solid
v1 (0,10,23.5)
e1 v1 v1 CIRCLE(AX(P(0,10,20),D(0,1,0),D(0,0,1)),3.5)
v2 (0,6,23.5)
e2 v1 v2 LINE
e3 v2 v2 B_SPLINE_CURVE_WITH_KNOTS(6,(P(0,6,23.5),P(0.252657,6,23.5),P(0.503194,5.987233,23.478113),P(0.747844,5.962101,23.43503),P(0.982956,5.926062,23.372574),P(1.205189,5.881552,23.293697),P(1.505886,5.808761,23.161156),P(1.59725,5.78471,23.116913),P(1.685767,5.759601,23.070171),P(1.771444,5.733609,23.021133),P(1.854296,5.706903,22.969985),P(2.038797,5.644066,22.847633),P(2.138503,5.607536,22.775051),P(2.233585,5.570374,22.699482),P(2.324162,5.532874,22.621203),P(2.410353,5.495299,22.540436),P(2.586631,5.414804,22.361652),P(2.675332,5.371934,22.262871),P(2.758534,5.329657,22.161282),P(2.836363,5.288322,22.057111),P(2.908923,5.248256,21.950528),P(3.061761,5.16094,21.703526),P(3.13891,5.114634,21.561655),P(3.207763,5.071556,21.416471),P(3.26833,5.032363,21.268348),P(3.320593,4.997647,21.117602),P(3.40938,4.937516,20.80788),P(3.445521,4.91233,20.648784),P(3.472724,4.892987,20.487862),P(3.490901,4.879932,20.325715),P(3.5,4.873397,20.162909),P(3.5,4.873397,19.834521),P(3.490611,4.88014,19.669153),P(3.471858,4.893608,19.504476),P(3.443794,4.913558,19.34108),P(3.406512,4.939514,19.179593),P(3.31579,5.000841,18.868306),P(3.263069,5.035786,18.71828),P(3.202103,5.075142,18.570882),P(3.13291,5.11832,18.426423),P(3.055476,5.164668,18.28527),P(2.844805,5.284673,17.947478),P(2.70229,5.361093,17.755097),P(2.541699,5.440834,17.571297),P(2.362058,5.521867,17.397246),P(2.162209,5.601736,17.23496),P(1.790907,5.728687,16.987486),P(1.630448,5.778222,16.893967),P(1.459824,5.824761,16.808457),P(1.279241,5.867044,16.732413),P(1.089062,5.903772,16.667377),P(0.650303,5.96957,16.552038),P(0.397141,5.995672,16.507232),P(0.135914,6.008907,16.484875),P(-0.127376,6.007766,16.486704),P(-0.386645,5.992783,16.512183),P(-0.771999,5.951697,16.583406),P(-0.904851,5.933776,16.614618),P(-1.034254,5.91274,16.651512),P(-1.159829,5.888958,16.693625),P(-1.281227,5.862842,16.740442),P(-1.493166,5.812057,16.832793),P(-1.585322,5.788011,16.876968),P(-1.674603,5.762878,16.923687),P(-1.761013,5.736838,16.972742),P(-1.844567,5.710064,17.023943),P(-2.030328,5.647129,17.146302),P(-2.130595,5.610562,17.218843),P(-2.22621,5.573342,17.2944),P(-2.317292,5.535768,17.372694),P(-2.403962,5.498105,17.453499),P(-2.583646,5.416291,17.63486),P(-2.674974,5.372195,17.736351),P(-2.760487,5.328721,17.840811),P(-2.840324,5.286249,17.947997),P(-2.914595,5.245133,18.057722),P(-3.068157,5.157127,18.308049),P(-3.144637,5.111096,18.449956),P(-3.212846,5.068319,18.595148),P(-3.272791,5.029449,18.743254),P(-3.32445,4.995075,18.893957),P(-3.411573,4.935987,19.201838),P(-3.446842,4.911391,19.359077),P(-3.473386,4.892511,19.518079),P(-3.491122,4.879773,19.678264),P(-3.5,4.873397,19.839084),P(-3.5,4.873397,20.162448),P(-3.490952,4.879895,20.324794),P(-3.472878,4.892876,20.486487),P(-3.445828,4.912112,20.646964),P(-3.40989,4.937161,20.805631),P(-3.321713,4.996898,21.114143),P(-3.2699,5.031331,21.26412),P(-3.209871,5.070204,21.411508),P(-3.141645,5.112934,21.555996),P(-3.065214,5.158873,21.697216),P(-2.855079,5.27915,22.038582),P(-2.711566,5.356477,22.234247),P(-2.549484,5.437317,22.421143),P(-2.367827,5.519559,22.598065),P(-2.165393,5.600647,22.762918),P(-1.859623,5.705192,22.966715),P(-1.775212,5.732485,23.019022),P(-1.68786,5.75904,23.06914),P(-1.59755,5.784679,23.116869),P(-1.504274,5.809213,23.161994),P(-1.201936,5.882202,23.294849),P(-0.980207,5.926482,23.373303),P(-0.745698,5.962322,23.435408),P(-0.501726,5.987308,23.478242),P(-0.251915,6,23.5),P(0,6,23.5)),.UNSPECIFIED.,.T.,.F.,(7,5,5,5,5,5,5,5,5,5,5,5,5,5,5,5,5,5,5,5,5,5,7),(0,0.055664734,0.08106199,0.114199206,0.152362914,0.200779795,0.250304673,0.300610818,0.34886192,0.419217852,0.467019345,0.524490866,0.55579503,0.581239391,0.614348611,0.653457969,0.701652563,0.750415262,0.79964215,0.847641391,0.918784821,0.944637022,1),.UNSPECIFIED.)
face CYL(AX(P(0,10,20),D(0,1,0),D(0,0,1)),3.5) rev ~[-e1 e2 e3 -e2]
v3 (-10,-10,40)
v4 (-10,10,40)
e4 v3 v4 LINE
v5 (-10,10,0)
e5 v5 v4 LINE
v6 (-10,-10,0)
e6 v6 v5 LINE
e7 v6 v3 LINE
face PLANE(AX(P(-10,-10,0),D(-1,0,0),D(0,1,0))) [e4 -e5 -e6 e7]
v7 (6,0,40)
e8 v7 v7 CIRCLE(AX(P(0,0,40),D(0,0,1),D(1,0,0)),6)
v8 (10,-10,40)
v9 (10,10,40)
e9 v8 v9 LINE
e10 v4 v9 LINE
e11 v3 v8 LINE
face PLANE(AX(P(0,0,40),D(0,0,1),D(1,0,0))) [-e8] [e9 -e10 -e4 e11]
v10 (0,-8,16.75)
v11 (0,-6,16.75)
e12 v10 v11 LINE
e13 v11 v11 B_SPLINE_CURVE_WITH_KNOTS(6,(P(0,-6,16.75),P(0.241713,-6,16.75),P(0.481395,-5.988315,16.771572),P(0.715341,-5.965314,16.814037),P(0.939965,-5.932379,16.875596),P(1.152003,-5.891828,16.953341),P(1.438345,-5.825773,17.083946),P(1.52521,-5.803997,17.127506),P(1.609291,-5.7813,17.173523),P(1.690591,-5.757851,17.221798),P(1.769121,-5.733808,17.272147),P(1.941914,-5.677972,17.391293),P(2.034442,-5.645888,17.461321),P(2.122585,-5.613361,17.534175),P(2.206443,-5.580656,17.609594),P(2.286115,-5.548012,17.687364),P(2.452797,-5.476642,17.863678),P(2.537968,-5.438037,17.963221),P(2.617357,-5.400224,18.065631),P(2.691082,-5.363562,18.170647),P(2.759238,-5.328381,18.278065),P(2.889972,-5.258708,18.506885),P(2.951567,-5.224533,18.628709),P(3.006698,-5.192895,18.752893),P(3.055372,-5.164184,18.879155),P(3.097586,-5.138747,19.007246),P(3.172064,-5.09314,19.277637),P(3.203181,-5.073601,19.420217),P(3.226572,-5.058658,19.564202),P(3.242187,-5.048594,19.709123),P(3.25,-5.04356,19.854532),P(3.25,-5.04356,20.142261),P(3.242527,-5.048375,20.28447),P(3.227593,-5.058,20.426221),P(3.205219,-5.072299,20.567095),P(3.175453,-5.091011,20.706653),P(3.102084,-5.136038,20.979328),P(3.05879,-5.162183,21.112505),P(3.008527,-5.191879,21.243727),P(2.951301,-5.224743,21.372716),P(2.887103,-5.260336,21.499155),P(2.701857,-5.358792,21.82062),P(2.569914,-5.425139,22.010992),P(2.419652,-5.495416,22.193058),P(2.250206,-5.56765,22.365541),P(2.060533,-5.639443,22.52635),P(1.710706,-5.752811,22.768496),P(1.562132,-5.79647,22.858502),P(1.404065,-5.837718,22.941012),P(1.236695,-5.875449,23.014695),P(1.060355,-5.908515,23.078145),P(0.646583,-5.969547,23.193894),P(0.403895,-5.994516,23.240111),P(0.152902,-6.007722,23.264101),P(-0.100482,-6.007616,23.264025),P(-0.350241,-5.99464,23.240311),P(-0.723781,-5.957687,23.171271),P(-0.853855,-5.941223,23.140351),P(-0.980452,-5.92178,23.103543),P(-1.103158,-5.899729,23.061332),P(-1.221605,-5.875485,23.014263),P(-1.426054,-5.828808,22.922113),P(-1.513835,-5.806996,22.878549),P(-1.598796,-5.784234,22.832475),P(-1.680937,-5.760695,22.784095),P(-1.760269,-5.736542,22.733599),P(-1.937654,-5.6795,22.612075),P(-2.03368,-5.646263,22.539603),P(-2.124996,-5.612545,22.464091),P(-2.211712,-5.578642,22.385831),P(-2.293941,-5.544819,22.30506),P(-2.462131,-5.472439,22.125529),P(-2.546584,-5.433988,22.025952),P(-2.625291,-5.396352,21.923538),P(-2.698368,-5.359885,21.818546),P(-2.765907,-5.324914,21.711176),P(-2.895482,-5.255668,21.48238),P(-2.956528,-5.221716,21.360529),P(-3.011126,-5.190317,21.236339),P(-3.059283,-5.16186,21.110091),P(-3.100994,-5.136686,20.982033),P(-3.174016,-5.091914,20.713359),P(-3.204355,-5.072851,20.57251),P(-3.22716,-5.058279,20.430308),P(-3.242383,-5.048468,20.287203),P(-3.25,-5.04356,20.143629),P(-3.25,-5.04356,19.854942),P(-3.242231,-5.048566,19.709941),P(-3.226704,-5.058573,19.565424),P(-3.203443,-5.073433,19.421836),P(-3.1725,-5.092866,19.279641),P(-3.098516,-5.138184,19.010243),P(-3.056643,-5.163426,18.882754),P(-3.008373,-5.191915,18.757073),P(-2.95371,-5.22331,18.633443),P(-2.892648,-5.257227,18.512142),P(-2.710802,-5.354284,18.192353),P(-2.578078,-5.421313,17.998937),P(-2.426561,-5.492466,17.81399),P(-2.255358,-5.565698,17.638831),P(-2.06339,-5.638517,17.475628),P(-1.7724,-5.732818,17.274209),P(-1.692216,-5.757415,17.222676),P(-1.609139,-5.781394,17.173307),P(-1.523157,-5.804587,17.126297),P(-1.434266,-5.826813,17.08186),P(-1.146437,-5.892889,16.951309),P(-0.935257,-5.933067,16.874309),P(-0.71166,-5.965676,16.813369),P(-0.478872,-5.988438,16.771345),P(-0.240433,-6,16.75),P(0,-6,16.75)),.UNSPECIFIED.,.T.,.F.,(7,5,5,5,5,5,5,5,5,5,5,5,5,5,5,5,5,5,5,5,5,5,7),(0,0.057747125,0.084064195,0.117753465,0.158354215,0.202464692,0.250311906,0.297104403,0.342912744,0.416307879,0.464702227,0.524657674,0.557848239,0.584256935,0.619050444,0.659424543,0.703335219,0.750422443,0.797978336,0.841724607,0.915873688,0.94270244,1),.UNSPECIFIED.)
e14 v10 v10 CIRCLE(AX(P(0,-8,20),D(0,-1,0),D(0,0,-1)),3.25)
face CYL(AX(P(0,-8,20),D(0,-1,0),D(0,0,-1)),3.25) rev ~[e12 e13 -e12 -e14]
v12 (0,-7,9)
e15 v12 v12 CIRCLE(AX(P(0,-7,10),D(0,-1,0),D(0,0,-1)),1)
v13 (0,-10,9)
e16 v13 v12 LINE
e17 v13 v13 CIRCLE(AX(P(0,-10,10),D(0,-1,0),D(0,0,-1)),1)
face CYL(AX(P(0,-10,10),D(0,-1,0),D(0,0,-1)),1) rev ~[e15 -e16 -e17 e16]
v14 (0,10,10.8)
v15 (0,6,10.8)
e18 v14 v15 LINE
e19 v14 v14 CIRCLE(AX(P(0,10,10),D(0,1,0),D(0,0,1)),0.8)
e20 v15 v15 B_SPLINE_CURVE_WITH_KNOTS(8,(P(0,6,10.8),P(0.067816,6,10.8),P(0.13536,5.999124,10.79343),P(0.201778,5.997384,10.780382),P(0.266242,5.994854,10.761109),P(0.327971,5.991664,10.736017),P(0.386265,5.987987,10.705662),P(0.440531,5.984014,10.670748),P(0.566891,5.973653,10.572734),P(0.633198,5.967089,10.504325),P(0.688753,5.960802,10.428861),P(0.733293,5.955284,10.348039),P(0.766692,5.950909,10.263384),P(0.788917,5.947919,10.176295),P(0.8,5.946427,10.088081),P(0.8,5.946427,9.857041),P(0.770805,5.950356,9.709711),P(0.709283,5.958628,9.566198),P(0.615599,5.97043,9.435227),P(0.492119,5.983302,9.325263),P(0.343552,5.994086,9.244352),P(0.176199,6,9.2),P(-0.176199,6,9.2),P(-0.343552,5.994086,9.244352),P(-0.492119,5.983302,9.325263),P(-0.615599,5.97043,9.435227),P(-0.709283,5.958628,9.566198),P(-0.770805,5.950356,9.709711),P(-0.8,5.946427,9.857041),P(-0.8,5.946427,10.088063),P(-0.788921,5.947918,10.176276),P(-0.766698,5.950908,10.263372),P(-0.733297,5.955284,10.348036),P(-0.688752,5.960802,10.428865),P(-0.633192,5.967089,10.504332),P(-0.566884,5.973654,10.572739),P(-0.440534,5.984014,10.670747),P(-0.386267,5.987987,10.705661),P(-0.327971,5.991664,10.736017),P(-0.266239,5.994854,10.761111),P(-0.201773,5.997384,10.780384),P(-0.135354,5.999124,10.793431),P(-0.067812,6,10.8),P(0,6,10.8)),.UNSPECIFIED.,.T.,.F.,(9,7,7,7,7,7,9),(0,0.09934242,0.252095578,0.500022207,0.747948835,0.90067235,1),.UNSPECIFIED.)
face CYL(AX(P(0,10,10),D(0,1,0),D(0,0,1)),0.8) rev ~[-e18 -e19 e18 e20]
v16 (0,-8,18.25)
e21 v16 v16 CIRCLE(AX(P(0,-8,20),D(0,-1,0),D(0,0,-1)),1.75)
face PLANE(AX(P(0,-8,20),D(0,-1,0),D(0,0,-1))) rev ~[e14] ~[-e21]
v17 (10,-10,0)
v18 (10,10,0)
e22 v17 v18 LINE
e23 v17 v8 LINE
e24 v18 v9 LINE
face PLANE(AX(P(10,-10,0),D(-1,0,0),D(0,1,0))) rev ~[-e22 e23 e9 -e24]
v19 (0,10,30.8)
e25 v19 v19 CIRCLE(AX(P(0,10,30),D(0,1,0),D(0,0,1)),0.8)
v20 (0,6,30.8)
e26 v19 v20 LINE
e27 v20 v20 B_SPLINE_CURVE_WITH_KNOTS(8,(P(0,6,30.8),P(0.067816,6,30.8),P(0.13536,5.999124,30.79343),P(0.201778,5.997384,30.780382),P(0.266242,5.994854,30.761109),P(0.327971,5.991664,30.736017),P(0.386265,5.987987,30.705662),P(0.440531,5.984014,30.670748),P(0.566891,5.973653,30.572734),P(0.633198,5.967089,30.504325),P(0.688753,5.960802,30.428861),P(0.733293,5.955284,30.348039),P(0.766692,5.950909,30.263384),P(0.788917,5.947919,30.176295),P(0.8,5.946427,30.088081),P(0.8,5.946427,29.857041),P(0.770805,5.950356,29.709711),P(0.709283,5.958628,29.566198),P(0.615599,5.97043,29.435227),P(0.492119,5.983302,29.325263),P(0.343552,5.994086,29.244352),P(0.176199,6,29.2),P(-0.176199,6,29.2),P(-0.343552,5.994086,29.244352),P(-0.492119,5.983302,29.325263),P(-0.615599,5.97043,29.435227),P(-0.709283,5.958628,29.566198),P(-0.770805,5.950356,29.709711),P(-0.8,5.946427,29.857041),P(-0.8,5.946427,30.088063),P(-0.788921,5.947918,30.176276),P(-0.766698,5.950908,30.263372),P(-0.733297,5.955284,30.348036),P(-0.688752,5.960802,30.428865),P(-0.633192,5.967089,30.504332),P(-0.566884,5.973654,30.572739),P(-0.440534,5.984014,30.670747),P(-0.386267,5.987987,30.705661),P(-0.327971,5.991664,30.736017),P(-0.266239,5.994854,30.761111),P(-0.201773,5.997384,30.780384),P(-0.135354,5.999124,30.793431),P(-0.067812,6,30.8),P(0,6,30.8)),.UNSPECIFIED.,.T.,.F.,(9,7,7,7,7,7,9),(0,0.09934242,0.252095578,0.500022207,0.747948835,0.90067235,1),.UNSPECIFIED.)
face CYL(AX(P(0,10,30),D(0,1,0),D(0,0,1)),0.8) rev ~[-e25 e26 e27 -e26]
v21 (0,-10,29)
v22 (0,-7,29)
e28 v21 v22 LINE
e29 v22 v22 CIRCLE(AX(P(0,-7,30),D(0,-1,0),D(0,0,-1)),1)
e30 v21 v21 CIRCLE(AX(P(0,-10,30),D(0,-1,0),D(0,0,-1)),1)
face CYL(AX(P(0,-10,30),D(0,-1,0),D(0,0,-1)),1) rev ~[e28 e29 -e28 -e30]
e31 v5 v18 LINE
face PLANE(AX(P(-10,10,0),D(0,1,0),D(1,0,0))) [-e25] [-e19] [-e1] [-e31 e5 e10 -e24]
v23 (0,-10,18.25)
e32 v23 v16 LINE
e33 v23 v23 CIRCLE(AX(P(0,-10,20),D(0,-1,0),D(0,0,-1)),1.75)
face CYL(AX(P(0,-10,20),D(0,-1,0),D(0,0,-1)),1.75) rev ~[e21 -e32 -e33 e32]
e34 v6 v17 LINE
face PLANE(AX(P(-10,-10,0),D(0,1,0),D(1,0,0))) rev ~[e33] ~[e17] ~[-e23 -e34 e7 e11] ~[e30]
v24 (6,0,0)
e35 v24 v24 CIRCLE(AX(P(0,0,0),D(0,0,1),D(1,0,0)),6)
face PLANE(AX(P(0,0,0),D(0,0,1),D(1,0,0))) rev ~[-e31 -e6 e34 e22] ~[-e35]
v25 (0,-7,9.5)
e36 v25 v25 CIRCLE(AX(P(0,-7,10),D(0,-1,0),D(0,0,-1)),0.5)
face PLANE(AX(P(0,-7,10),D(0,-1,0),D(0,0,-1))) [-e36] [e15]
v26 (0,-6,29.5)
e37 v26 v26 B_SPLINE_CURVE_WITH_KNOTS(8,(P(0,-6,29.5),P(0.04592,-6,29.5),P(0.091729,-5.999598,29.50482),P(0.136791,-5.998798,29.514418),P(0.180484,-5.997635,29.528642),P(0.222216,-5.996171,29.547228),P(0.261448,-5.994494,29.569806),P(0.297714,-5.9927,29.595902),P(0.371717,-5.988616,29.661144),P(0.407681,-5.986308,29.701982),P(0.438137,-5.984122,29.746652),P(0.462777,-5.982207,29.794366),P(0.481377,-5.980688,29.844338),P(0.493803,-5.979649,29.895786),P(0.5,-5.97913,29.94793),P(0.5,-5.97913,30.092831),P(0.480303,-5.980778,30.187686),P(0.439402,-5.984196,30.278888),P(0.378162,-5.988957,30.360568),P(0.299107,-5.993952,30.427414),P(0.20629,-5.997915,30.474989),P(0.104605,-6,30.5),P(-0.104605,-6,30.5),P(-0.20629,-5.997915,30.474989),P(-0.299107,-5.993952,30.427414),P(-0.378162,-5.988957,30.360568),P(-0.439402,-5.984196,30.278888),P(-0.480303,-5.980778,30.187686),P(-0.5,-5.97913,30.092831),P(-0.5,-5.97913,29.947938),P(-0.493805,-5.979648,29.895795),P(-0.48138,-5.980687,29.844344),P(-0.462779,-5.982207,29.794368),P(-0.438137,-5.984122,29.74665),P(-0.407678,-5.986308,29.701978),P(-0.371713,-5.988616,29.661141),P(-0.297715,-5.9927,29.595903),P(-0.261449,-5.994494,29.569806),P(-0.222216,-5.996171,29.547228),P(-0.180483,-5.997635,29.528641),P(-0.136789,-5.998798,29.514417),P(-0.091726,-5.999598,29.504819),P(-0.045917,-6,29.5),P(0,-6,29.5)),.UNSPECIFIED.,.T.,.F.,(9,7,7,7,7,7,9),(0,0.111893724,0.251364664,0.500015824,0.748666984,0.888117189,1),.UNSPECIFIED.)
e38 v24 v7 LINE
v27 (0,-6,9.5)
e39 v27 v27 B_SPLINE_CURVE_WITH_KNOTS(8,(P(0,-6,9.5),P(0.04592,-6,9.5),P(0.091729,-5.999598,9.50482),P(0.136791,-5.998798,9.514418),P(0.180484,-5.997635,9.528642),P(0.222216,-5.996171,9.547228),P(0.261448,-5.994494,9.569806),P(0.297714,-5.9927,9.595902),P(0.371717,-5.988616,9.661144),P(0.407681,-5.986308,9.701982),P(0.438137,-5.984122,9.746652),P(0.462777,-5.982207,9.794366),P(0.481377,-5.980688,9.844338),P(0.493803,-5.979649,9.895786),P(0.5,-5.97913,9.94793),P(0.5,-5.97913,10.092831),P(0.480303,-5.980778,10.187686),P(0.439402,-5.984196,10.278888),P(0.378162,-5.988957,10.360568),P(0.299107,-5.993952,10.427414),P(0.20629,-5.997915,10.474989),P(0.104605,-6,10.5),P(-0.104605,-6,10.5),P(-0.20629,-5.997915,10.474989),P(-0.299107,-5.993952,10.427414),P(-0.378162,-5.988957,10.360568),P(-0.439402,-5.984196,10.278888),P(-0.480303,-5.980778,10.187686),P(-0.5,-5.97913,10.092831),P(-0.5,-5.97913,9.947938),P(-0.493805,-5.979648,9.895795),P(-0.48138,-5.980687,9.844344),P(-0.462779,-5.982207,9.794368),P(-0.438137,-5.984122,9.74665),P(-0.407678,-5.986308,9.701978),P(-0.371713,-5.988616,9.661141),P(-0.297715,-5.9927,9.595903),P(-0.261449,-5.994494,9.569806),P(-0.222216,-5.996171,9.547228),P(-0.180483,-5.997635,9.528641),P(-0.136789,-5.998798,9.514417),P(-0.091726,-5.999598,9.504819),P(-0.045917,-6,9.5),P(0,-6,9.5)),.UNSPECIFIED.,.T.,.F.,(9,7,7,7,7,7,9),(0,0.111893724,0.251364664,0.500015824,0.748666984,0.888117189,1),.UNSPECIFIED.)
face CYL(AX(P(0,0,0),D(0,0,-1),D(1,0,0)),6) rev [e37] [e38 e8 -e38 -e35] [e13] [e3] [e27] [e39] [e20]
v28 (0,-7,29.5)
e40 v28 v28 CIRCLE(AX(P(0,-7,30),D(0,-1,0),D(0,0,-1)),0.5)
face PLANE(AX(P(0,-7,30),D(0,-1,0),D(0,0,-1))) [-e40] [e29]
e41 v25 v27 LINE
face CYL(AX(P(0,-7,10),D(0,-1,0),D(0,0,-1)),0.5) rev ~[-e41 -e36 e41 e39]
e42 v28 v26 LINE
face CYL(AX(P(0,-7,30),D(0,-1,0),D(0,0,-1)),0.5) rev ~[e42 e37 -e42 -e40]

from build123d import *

# Parameters (mm, degrees)
SKIZZE1_W                            = 20
SKIZZE1_H                            = 20
SKIZZE1_R                            = 6
AUFSATZ_LINEAR_AUSTRAGEN1_DEPTH      = 40
SKIZZE2_R                            = 1
SKIZZE2_R_2                          = 1.75
SCHNITT_LINEAR_AUSTRAGEN1_DEPTH      = 3
SKIZZE3_R                            = 0.5
SCHNITT_LINEAR_AUSTRAGEN2_DEPTH      = 2
SCHNITT_LINEAR_AUSTRAGEN3_REACH      = 46.989
SCHNITT_LINEAR_AUSTRAGEN3_END_RADIUS = 6
SKIZZE4_R                            = 3.25
F_7_0_7_DURCHMESSER_BOHRUNG1_REACH   = 32
F_7_0_7_DURCHMESSER_BOHRUNG1_BORE_R  = 3.5
M2_GEWINDEBOHRUNG1_REACH             = 39.417
M2_GEWINDEBOHRUNG1_BORE_R            = 0.8


with BuildPart() as part:
    # Skizze1 → Aufsatz-Linear austragen1 (new body)
    with BuildSketch(Plane.XY):
        Rectangle(SKIZZE1_W, SKIZZE1_H)
        Circle(SKIZZE1_R, mode=Mode.SUBTRACT)
    extrude(amount=AUFSATZ_LINEAR_AUSTRAGEN1_DEPTH)

    # Skizze2 → Schnitt-Linear austragen1 (cut)
    with BuildSketch(Plane.XZ.offset(10)):
        with Locations(Location((0, 30, 0), (0, 0, 270))):
            Circle(SKIZZE2_R)
        with Locations(Location((0, 10, 0), (0, 0, 270))):
            Circle(SKIZZE2_R)
        with Locations(Location((0, 20, 0), (0, 0, 270))):
            Circle(SKIZZE2_R_2)
    extrude(amount=-SCHNITT_LINEAR_AUSTRAGEN1_DEPTH, mode=Mode.SUBTRACT)

    # Skizze3 → Schnitt-Linear austragen2 (cut)
    with BuildSketch(Plane.XZ.offset(7)):
        with Locations(Location((0, 30, 0), (0, 0, 270))):
            Circle(SKIZZE3_R)
        with Locations(Location((0, 10, 0), (0, 0, 270))):
            Circle(SKIZZE3_R)
    extrude(amount=-SCHNITT_LINEAR_AUSTRAGEN2_DEPTH, mode=Mode.SUBTRACT)

    # Schnitt-Linear austragen3: up to this cylinder (the profile starts outside it)
    schnitt_linear_austragen3_end = Plane(origin=(0, 0, 20), z_dir=(0, 0, -1)) * Cylinder(SCHNITT_LINEAR_AUSTRAGEN3_END_RADIUS, 106.978, mode=Mode.PRIVATE)
    # Skizze4 → Schnitt-Linear austragen3 (cut, up to the surface)
    with BuildSketch(Plane(origin=(0, -8, 0), x_dir=(-1, 0, 0), z_dir=(0, -1, 0)), mode=Mode.PRIVATE) as schnitt_linear_austragen3_sk1:
        with Locations(Location((0, -20, 0), (0, 0, 90))):
            Circle(SKIZZE4_R)
    schnitt_linear_austragen3_tool1 = extrude(schnitt_linear_austragen3_sk1.sketch, amount=-SCHNITT_LINEAR_AUSTRAGEN3_REACH, mode=Mode.PRIVATE) - schnitt_linear_austragen3_end
    add(schnitt_linear_austragen3_tool1.solids().sort_by_distance((0, -8, 20))[0], mode=Mode.SUBTRACT)

    # Ø7.0 (7) Durchmesser Bohrung1 bore (on position points) → Ø7.0 (7) Durchmesser Bohrung1 (cut, up to next)
    with BuildSketch(Plane(origin=(0, 10, 20), x_dir=(0, 0, 1), z_dir=(0, 1, 0)), mode=Mode.PRIVATE) as f_7_0_7_durchmesser_bohrung1_sk1:
        Circle(F_7_0_7_DURCHMESSER_BOHRUNG1_BORE_R)
    f_7_0_7_durchmesser_bohrung1_tool1 = extrude(f_7_0_7_durchmesser_bohrung1_sk1.sketch, amount=-F_7_0_7_DURCHMESSER_BOHRUNG1_REACH, mode=Mode.PRIVATE) & part.part
    add(f_7_0_7_durchmesser_bohrung1_tool1.solids().sort_by_distance((0, 10, 20))[0], mode=Mode.SUBTRACT)

    # M2 Gewindebohrung1 bore (on position points) → M2 Gewindebohrung1 (cut, up to next)
    with BuildSketch(Plane(origin=(0, 10, 30), x_dir=(0, 0, 1), z_dir=(0, 1, 0)), mode=Mode.PRIVATE) as m2_gewindebohrung1_sk1:
        Circle(M2_GEWINDEBOHRUNG1_BORE_R)
    m2_gewindebohrung1_tool1 = extrude(m2_gewindebohrung1_sk1.sketch, amount=-M2_GEWINDEBOHRUNG1_REACH, mode=Mode.PRIVATE) & part.part
    # M2 Gewindebohrung1 bore (on position points) → M2 Gewindebohrung1 (cut, up to next)
    with BuildSketch(Plane(origin=(0, 10, 30), x_dir=(0, 0, 1), z_dir=(0, 1, 0)), mode=Mode.PRIVATE) as m2_gewindebohrung1_sk2:
        with Locations((-20, 0)):
            Circle(M2_GEWINDEBOHRUNG1_BORE_R)
    m2_gewindebohrung1_tool2 = extrude(m2_gewindebohrung1_sk2.sketch, amount=-M2_GEWINDEBOHRUNG1_REACH, mode=Mode.PRIVATE) & part.part
    add(m2_gewindebohrung1_tool1.solids().sort_by_distance((0, 10, 30))[0], mode=Mode.SUBTRACT)
    add(m2_gewindebohrung1_tool2.solids().sort_by_distance((0, 10, 10))[0], mode=Mode.SUBTRACT)


solid = part.part
